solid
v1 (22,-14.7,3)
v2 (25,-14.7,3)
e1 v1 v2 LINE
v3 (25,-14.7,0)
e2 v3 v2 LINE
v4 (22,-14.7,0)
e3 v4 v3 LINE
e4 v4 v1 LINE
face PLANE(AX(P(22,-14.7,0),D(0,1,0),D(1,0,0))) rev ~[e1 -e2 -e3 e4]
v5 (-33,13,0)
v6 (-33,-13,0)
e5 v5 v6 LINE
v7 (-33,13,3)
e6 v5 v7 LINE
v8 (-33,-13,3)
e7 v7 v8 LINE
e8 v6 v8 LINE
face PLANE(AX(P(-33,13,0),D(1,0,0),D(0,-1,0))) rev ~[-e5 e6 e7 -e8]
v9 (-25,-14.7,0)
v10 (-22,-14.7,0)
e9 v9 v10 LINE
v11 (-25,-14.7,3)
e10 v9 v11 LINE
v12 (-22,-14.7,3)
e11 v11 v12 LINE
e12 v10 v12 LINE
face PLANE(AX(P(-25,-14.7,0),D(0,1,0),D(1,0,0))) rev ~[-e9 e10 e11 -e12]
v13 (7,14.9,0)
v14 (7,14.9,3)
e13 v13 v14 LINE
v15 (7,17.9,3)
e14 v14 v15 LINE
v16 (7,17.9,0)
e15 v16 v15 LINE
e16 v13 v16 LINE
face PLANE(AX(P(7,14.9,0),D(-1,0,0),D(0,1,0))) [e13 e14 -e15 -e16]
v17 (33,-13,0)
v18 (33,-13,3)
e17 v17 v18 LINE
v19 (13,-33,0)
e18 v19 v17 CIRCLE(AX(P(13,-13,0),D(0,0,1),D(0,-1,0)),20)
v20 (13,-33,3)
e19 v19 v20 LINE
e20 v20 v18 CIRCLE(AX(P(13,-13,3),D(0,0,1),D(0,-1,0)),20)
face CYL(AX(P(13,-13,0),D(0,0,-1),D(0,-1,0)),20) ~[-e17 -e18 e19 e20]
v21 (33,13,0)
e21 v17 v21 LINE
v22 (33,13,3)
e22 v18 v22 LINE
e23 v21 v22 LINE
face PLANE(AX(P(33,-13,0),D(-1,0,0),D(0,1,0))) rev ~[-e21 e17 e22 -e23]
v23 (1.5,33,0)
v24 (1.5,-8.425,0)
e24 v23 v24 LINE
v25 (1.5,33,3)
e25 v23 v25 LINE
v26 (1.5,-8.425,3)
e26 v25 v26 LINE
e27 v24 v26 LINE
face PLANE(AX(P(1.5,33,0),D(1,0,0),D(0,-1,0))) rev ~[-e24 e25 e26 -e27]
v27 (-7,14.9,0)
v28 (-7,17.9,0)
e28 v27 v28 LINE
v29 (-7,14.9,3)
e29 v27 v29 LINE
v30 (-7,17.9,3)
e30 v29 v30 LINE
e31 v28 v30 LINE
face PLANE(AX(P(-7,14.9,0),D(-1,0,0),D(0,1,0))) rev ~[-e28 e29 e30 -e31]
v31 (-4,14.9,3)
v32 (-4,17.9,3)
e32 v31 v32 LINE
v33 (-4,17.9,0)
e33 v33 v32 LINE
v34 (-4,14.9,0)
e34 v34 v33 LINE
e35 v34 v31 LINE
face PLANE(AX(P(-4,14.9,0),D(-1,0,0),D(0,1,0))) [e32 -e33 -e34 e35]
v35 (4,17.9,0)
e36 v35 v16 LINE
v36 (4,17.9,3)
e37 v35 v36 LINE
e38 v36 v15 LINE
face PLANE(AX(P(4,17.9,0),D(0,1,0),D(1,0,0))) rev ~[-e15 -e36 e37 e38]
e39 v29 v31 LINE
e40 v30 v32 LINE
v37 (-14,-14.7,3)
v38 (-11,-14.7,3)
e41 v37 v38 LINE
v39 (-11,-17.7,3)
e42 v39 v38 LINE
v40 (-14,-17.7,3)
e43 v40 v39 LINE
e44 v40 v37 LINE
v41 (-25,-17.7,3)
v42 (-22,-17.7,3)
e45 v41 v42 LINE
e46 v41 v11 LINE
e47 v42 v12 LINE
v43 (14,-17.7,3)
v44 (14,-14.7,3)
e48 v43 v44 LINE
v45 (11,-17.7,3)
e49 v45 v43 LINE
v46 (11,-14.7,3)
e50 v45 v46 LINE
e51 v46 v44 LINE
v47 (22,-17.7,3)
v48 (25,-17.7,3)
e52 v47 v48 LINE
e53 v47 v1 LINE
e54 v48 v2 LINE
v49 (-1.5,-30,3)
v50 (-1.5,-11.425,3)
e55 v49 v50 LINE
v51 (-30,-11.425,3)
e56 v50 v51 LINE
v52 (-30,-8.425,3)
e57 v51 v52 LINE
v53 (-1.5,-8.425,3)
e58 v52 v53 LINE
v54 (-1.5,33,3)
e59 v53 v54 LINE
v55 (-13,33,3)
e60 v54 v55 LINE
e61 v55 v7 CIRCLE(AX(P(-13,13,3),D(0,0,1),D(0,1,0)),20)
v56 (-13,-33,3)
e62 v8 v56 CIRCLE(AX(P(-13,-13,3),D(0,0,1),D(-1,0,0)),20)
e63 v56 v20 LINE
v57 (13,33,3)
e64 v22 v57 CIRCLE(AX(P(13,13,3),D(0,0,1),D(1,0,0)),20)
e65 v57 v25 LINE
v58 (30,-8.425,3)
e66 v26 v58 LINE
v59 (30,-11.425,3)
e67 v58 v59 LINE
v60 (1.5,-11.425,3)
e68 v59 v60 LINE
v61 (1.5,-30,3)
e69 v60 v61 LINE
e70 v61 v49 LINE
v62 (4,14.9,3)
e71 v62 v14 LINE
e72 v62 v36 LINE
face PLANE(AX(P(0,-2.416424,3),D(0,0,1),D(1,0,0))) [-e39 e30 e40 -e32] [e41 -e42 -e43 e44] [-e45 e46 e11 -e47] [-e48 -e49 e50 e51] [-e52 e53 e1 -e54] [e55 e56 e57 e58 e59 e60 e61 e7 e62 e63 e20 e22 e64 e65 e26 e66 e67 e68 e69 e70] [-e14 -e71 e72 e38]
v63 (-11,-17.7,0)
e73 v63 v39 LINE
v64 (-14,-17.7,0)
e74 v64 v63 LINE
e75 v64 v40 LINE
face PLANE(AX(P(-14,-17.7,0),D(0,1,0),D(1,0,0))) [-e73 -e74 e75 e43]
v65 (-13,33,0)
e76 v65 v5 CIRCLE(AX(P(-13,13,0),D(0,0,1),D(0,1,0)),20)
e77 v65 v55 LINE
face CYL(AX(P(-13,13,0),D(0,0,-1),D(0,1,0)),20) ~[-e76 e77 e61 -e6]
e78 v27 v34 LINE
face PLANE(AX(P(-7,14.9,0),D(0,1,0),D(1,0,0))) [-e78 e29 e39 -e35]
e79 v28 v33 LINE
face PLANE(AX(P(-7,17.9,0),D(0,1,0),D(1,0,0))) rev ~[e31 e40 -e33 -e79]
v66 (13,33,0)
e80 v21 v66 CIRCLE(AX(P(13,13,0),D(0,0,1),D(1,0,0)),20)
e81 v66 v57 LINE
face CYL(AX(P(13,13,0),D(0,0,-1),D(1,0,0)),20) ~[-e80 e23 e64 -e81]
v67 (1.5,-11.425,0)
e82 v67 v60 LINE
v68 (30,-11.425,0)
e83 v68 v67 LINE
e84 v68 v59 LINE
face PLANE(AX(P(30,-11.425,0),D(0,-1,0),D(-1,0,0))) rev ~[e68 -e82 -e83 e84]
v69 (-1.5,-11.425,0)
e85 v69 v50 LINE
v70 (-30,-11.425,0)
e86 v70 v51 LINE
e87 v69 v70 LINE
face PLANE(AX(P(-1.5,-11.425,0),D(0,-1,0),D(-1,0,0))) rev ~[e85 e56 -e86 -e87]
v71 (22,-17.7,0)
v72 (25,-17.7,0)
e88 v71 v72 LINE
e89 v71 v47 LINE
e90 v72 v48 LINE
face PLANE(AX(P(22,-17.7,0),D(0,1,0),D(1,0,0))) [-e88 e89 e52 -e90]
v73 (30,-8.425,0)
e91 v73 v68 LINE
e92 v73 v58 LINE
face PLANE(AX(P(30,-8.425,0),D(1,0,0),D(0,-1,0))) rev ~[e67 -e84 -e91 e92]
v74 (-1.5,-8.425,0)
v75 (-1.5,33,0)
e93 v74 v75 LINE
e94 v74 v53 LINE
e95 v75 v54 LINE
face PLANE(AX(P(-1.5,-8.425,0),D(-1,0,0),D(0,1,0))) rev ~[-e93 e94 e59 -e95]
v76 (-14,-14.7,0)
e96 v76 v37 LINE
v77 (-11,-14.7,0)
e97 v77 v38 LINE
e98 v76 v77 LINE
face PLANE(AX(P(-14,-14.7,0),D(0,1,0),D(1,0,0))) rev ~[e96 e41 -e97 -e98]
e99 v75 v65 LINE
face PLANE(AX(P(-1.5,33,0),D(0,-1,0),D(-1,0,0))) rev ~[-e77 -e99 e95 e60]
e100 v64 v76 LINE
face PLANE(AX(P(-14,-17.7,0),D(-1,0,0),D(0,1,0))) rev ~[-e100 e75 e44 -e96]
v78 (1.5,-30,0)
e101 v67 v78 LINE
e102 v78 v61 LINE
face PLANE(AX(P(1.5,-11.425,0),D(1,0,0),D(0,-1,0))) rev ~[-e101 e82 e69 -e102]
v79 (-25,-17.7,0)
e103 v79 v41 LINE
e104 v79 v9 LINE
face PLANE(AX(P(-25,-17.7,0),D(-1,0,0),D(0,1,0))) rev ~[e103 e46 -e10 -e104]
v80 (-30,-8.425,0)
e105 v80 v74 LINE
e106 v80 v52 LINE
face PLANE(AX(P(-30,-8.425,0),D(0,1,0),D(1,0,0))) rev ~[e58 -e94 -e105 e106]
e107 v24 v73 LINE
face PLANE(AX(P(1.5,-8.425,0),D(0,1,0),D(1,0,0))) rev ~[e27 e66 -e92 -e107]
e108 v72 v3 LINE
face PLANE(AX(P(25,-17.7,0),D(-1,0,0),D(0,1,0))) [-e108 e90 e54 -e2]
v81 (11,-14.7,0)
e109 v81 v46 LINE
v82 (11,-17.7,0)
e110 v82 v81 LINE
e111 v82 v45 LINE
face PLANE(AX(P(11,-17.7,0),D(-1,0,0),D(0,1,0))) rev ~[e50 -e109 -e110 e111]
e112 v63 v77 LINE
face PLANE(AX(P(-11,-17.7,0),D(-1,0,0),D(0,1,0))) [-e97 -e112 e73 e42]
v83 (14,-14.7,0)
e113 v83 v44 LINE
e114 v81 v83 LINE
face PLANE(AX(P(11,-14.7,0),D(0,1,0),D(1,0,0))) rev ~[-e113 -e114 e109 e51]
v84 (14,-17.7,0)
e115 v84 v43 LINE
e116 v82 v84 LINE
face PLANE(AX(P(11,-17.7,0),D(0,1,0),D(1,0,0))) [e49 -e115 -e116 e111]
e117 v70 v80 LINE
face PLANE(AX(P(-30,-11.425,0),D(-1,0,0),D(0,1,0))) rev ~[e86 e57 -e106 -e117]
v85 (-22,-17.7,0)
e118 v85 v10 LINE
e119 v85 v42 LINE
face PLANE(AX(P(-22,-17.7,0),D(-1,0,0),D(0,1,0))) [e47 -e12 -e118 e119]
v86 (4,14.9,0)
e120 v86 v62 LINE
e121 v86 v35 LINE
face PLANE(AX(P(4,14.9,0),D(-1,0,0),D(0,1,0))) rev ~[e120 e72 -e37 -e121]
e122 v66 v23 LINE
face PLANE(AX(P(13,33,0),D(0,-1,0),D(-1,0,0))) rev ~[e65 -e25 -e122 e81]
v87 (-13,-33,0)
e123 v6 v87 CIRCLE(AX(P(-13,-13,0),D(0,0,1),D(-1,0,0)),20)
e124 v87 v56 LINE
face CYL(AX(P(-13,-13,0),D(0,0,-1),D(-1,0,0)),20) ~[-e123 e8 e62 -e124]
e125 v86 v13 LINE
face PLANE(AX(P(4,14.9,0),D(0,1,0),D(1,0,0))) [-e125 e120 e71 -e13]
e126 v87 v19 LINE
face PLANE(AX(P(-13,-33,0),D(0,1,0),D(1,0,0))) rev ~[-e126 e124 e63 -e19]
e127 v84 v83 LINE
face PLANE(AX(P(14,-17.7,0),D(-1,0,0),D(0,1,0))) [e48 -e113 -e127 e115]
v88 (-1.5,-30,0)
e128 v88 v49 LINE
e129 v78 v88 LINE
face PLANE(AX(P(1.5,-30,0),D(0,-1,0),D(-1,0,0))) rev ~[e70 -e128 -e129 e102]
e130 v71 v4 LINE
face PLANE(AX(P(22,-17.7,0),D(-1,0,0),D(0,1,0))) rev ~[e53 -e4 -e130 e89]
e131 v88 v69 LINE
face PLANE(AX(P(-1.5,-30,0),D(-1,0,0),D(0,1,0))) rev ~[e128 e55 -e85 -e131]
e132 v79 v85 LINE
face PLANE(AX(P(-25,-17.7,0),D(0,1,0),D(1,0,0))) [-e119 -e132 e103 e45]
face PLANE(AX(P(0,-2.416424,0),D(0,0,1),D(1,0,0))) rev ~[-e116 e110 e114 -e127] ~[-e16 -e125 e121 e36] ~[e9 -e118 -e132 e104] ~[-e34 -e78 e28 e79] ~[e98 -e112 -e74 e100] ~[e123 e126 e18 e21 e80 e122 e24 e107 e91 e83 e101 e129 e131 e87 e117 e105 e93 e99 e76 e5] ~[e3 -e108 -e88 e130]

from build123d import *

# Parameters (mm, degrees)
CROQUIS1_W              = 3
CROQUIS1_H              = 3
SALIENTE_EXTRUIR1_DEPTH = 3


with BuildPart() as part:
    # Croquis1 → Saliente-Extruir1 (new body)
    with BuildSketch(Plane.XY):
        with BuildLine():
            Line((-30, -11.425), (-30, -8.425))
            Line((-30, -8.425), (-1.5, -8.425))
            Line((-1.5, -8.425), (-1.5, 30))
            Line((-1.5, 30), (-1.5, 33))
            Line((-1.5, 33), (-13, 33))
            ThreePointArc((-13, 33), (-27.142135624, 27.142135624), (-33, 13))
            Line((-33, 13), (-33, -13))
            ThreePointArc((-33, -13), (-27.142135624, -27.142135624), (-13, -33))
            Line((-13, -33), (13, -33))
            ThreePointArc((13, -33), (27.142135624, -27.142135624), (33, -13))
            Line((33, -13), (33, 13))
            ThreePointArc((33, 13), (27.142135624, 27.142135624), (13, 33))
            Line((13, 33), (1.5, 33))
            Line((1.5, 33), (1.5, 30))
            Line((1.5, 30), (1.5, -8.425))
            Line((1.5, -8.425), (30, -8.425))
            Line((30, -8.425), (30, -11.425))
            Line((30, -11.425), (1.5, -11.425))
            Line((1.5, -11.425), (1.5, -30))
            Line((1.5, -30), (-1.5, -30))
            Line((-1.5, -30), (-1.5, -11.425))
            Line((-1.5, -11.425), (-30, -11.425))
        make_face()
        with Locations((-23.5, -16.2)):
            Rectangle(CROQUIS1_W, CROQUIS1_H, mode=Mode.SUBTRACT)
        with Locations((-12.5, -16.2)):
            Rectangle(CROQUIS1_W, CROQUIS1_H, mode=Mode.SUBTRACT)
        with Locations((12.5, -16.2)):
            Rectangle(CROQUIS1_W, CROQUIS1_H, mode=Mode.SUBTRACT)
        with Locations((23.5, -16.2)):
            Rectangle(CROQUIS1_W, CROQUIS1_H, mode=Mode.SUBTRACT)
        with Locations((-5.5, 16.4)):
            Rectangle(CROQUIS1_W, CROQUIS1_H, mode=Mode.SUBTRACT)
        with Locations((5.5, 16.4)):
            Rectangle(CROQUIS1_W, CROQUIS1_H, mode=Mode.SUBTRACT)
    extrude(amount=SALIENTE_EXTRUIR1_DEPTH)


solid = part.part
